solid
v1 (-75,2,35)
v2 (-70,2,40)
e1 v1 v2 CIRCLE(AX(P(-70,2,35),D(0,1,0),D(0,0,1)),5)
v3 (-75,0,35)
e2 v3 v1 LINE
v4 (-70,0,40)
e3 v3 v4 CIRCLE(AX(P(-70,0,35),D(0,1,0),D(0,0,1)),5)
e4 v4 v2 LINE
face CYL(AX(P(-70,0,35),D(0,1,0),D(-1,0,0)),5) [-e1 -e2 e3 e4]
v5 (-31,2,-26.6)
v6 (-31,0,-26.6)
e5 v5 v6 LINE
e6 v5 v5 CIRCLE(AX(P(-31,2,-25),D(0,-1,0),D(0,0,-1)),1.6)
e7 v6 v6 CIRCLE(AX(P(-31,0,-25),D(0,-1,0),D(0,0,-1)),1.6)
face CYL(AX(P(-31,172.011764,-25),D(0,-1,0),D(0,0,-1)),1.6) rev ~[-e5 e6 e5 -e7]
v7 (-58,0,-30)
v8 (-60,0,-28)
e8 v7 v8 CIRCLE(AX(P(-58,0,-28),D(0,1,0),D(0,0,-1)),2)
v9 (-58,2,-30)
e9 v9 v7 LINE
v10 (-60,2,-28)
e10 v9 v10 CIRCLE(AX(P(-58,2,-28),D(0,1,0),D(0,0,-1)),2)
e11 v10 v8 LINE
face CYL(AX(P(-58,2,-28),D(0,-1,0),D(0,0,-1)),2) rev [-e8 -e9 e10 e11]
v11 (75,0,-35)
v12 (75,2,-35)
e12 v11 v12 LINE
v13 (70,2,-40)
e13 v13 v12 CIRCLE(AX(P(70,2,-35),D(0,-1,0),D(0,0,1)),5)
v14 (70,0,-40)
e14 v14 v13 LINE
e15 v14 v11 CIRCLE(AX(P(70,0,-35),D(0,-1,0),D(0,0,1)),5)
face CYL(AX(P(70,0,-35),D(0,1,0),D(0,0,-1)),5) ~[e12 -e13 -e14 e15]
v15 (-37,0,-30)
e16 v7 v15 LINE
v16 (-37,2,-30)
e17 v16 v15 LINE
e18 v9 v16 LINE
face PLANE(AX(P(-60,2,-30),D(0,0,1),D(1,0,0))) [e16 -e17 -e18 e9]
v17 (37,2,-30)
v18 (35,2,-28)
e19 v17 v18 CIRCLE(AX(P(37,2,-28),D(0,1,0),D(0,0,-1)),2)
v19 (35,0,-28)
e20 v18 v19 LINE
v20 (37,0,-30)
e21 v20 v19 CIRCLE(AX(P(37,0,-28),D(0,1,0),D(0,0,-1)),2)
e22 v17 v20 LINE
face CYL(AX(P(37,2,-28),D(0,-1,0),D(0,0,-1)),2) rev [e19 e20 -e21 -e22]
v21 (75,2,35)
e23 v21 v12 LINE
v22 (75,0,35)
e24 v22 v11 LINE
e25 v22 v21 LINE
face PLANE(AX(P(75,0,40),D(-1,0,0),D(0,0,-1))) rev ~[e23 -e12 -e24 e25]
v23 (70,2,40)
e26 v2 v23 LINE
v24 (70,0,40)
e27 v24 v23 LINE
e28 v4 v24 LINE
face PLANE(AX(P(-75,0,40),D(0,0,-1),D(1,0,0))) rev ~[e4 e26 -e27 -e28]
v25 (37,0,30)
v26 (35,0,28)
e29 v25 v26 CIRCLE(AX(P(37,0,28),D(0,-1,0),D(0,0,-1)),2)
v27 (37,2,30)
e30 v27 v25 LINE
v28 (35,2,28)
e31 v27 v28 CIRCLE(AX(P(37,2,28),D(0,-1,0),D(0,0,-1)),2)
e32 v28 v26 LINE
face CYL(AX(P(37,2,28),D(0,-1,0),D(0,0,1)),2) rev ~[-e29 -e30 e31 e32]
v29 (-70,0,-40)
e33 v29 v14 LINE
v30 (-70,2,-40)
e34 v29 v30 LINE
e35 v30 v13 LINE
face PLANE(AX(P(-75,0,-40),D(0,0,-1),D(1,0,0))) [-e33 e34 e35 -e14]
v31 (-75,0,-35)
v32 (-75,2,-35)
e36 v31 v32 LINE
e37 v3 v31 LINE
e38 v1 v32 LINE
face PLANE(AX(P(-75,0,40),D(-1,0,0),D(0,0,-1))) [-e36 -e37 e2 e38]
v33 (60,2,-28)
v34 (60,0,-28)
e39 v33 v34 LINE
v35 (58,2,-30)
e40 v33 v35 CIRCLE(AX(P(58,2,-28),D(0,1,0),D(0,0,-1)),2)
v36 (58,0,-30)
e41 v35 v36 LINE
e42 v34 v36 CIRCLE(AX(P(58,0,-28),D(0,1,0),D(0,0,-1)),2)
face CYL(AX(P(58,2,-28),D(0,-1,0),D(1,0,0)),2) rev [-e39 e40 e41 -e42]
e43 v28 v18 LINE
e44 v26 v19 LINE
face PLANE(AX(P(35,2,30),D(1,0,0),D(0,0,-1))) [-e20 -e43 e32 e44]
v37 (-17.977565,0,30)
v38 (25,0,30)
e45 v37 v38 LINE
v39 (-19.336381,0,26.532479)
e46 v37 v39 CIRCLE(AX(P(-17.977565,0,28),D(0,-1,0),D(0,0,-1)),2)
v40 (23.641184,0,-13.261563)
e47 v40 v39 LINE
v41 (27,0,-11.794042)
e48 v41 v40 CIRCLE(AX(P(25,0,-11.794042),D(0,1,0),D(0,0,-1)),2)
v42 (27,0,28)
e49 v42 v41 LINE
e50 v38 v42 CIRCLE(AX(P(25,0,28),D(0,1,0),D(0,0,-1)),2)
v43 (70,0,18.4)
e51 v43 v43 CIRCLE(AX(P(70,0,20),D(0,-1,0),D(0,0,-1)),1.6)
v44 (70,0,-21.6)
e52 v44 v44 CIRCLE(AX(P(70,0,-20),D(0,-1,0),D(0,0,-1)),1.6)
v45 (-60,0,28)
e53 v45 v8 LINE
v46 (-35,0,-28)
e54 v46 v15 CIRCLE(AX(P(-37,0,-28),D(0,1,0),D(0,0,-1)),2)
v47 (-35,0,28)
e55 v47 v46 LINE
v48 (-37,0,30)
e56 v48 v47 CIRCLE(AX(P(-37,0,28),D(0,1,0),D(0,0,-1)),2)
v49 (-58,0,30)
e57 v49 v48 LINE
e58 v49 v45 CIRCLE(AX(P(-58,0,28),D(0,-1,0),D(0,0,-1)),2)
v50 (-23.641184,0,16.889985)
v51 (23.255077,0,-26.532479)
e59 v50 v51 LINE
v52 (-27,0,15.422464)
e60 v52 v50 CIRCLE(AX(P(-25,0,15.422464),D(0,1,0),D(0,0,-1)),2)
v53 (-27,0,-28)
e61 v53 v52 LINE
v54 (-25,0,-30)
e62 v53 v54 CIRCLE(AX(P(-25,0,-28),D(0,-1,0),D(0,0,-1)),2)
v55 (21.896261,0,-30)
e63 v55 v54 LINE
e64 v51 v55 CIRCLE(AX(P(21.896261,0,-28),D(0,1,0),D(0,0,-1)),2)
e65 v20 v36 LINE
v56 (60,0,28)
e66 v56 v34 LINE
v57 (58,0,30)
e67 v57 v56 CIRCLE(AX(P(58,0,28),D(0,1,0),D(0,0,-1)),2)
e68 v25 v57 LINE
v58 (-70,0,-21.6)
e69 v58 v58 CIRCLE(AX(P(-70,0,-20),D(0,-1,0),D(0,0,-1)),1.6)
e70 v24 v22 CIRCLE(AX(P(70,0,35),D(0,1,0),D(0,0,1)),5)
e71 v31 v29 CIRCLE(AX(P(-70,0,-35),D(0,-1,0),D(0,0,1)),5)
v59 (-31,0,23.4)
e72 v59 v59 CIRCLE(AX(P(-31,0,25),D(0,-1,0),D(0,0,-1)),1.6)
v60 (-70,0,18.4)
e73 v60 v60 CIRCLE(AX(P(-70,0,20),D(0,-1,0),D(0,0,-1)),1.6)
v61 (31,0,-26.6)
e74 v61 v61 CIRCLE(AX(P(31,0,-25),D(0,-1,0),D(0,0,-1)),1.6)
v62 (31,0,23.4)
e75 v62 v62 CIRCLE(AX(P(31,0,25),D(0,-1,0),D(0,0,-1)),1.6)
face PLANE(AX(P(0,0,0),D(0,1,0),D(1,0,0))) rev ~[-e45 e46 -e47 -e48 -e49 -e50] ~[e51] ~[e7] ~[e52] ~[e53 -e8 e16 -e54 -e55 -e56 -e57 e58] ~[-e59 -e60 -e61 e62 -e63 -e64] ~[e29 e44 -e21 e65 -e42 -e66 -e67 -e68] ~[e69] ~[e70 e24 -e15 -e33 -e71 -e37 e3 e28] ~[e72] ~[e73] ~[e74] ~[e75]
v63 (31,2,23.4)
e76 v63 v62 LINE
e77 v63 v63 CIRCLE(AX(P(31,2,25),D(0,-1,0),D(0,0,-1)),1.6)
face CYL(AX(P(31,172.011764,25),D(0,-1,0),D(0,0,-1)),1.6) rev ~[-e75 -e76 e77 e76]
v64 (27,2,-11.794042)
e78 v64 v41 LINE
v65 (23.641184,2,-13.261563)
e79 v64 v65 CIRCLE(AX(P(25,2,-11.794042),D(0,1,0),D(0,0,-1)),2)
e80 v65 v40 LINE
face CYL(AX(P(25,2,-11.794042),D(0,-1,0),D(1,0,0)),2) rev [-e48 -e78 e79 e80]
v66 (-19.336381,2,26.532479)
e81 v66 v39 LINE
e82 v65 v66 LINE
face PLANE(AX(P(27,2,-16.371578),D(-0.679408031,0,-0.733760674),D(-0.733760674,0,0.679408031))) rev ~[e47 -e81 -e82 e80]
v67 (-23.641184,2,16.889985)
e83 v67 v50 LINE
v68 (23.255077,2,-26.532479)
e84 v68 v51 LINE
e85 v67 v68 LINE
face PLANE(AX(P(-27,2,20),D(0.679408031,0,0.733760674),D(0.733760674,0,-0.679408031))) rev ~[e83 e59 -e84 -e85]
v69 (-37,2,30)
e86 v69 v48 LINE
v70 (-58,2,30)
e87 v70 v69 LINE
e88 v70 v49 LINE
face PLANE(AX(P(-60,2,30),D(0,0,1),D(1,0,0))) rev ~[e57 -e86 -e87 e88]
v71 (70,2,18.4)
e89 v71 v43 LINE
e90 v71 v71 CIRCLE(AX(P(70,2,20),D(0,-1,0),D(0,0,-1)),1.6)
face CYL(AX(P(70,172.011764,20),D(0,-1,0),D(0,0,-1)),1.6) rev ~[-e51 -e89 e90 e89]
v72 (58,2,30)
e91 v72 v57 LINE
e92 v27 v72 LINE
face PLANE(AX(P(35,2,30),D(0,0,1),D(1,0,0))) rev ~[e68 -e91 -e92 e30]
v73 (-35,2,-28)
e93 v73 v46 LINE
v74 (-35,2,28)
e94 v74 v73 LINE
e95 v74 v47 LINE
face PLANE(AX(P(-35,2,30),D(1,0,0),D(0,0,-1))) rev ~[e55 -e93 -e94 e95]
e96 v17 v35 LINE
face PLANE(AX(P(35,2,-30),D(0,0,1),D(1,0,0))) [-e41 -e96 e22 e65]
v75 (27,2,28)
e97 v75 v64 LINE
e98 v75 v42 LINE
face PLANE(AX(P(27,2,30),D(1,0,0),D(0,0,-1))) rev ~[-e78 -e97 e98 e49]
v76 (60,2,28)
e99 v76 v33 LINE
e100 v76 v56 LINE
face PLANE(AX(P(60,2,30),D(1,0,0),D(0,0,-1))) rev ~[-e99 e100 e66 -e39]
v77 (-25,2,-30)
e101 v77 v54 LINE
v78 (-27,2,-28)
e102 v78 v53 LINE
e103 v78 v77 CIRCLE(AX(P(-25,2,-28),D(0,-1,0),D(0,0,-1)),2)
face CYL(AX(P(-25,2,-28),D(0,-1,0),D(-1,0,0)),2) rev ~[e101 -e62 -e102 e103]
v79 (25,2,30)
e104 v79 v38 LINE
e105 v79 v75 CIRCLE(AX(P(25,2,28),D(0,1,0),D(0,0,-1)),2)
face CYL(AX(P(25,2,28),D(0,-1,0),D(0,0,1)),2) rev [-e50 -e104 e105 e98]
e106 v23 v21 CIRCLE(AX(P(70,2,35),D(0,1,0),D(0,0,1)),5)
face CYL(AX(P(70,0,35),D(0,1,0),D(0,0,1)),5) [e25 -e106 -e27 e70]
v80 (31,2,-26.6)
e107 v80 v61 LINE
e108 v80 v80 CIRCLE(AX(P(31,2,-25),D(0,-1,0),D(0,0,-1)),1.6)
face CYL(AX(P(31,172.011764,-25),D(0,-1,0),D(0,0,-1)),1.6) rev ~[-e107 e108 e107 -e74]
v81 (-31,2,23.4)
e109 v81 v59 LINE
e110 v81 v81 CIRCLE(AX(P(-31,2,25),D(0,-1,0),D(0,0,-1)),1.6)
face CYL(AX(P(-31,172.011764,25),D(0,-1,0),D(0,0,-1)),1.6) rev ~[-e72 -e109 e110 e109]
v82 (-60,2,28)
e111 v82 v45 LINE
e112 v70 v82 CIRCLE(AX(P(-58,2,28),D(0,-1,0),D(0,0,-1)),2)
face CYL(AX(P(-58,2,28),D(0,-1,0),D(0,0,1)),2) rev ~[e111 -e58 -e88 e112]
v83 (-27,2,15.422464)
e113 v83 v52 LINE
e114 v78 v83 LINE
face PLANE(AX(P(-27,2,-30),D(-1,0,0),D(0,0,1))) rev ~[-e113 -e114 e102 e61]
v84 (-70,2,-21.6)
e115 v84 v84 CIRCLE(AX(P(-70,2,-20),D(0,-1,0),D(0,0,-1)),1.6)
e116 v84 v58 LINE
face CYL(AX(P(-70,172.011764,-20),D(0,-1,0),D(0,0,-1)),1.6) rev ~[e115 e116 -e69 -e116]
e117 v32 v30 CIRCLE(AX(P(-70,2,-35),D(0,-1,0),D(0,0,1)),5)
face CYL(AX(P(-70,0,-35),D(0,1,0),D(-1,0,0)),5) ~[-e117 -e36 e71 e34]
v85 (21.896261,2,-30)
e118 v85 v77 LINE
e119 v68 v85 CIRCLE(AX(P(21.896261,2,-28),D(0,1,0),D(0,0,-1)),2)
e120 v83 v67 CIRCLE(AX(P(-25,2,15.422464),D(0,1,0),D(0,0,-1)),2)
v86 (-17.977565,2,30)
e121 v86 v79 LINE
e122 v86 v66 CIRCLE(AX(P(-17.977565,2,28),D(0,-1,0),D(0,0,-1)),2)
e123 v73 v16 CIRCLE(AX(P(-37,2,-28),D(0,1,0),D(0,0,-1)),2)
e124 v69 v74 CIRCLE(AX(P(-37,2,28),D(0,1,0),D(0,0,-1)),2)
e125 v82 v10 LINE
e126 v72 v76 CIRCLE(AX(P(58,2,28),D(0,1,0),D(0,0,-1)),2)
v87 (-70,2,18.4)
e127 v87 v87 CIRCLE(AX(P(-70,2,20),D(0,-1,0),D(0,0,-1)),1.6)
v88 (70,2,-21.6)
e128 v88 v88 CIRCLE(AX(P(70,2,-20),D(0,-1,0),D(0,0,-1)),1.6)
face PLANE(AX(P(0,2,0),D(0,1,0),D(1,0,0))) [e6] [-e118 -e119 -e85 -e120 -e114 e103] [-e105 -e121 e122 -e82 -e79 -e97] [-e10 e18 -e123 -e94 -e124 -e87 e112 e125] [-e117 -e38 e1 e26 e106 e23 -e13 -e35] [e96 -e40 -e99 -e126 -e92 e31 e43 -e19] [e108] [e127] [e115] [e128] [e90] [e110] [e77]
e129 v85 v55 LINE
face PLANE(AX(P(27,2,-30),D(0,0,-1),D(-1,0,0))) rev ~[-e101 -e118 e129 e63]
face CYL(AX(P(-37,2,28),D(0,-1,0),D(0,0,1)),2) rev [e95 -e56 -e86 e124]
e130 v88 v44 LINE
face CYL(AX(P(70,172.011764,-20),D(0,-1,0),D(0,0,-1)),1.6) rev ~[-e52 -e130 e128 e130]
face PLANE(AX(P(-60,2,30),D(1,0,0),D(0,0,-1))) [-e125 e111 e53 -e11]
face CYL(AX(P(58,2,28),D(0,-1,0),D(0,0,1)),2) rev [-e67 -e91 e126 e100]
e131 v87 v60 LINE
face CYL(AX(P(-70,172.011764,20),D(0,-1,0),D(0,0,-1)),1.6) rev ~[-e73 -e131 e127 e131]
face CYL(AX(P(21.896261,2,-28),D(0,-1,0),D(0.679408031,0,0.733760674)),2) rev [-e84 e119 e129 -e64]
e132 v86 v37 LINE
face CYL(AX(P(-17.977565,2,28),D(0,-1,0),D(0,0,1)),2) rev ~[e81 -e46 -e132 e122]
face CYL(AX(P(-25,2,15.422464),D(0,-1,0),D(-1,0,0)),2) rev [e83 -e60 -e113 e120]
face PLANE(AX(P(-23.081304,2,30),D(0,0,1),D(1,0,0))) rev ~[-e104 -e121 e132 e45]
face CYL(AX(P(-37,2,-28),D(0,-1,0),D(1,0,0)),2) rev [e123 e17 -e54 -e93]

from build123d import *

# Parameters (mm, degrees)
SKETCH_1_W              = 150
SKETCH_1_H              = 80
EXTRUDE_1_DEPTH         = 2
HOLE_WIZARD_3_2_3_2_1_D = 3.2
FILLET_1_R              = 5
SKETCH_4_W              = 25
SKETCH_4_H              = 60
CUT_EXTRUDE_1_DEPTH     = 86.023526156
FILLET_2_R              = 2


with BuildPart() as part:
    # 草图1 → 凸台-拉伸1 (new body)
    with BuildSketch(Plane(origin=(0, 0, 0), x_dir=(1, 0, 0), z_dir=(0, 1, 0))):
        Rectangle(SKETCH_1_W, SKETCH_1_H)
    extrude(amount=EXTRUDE_1_DEPTH)

    # Ø3.2 (3.2) 直径孔1 (through all)
    with Locations(Plane(origin=(-31, 2, -25), x_dir=(0, 0, 1), z_dir=(0, 1, 0))):
        with Locations((0, 0), (50, 0), (50, 62), (0, 62), (5, -39), (45, -39), (45, 101), (5, 101)):
            Hole(HOLE_WIZARD_3_2_3_2_1_D / 2)

    # 圆角1
    fillet_1_edges = [part.edges().sort_by_distance(p)[0] for p in [
        (75, 1, 40),
        (-75, 1, 40),
        (-75, 1, -40),
        (75, 1, -40),
    ]]
    fillet(fillet_1_edges, radius=FILLET_1_R)

    # 草图4 → 切除-拉伸1 (cut, through all)
    with BuildSketch(Plane(origin=(0, 2, 0), x_dir=(1, 0, 0), z_dir=(0, 1, 0))):
        with Locations((-47.5, 0)):
            Rectangle(SKETCH_4_W, SKETCH_4_H)
        Polygon((-27, 30), (-27, -20), (27, 30), align=None)
        Polygon((-23.081304406, -30), (27, -30), (27, 16.371578153), align=None)
        with Locations((47.5, 0)):
            Rectangle(SKETCH_4_W, SKETCH_4_H)
    extrude(amount=-CUT_EXTRUDE_1_DEPTH, mode=Mode.SUBTRACT)

    # 圆角2
    fillet_2_edges = [part.edges().sort_by_distance(p)[0] for p in [
        (-60, 1, 30),
        (-60, 1, -30),
        (-35, 1, -30),
        (-35, 1, 30),
        (-23.081304406, 1, 30),
        (27, 1, -16.371578153),
        (27, 1, 30),
        (-27, 1, -30),
        (27, 1, -30),
        (-27, 1, 20),
        (60, 1, -30),
        (60, 1, 30),
        (35, 1, 30),
        (35, 1, -30),
    ]]
    fillet(fillet_2_edges, radius=FILLET_2_R)


solid = part.part
